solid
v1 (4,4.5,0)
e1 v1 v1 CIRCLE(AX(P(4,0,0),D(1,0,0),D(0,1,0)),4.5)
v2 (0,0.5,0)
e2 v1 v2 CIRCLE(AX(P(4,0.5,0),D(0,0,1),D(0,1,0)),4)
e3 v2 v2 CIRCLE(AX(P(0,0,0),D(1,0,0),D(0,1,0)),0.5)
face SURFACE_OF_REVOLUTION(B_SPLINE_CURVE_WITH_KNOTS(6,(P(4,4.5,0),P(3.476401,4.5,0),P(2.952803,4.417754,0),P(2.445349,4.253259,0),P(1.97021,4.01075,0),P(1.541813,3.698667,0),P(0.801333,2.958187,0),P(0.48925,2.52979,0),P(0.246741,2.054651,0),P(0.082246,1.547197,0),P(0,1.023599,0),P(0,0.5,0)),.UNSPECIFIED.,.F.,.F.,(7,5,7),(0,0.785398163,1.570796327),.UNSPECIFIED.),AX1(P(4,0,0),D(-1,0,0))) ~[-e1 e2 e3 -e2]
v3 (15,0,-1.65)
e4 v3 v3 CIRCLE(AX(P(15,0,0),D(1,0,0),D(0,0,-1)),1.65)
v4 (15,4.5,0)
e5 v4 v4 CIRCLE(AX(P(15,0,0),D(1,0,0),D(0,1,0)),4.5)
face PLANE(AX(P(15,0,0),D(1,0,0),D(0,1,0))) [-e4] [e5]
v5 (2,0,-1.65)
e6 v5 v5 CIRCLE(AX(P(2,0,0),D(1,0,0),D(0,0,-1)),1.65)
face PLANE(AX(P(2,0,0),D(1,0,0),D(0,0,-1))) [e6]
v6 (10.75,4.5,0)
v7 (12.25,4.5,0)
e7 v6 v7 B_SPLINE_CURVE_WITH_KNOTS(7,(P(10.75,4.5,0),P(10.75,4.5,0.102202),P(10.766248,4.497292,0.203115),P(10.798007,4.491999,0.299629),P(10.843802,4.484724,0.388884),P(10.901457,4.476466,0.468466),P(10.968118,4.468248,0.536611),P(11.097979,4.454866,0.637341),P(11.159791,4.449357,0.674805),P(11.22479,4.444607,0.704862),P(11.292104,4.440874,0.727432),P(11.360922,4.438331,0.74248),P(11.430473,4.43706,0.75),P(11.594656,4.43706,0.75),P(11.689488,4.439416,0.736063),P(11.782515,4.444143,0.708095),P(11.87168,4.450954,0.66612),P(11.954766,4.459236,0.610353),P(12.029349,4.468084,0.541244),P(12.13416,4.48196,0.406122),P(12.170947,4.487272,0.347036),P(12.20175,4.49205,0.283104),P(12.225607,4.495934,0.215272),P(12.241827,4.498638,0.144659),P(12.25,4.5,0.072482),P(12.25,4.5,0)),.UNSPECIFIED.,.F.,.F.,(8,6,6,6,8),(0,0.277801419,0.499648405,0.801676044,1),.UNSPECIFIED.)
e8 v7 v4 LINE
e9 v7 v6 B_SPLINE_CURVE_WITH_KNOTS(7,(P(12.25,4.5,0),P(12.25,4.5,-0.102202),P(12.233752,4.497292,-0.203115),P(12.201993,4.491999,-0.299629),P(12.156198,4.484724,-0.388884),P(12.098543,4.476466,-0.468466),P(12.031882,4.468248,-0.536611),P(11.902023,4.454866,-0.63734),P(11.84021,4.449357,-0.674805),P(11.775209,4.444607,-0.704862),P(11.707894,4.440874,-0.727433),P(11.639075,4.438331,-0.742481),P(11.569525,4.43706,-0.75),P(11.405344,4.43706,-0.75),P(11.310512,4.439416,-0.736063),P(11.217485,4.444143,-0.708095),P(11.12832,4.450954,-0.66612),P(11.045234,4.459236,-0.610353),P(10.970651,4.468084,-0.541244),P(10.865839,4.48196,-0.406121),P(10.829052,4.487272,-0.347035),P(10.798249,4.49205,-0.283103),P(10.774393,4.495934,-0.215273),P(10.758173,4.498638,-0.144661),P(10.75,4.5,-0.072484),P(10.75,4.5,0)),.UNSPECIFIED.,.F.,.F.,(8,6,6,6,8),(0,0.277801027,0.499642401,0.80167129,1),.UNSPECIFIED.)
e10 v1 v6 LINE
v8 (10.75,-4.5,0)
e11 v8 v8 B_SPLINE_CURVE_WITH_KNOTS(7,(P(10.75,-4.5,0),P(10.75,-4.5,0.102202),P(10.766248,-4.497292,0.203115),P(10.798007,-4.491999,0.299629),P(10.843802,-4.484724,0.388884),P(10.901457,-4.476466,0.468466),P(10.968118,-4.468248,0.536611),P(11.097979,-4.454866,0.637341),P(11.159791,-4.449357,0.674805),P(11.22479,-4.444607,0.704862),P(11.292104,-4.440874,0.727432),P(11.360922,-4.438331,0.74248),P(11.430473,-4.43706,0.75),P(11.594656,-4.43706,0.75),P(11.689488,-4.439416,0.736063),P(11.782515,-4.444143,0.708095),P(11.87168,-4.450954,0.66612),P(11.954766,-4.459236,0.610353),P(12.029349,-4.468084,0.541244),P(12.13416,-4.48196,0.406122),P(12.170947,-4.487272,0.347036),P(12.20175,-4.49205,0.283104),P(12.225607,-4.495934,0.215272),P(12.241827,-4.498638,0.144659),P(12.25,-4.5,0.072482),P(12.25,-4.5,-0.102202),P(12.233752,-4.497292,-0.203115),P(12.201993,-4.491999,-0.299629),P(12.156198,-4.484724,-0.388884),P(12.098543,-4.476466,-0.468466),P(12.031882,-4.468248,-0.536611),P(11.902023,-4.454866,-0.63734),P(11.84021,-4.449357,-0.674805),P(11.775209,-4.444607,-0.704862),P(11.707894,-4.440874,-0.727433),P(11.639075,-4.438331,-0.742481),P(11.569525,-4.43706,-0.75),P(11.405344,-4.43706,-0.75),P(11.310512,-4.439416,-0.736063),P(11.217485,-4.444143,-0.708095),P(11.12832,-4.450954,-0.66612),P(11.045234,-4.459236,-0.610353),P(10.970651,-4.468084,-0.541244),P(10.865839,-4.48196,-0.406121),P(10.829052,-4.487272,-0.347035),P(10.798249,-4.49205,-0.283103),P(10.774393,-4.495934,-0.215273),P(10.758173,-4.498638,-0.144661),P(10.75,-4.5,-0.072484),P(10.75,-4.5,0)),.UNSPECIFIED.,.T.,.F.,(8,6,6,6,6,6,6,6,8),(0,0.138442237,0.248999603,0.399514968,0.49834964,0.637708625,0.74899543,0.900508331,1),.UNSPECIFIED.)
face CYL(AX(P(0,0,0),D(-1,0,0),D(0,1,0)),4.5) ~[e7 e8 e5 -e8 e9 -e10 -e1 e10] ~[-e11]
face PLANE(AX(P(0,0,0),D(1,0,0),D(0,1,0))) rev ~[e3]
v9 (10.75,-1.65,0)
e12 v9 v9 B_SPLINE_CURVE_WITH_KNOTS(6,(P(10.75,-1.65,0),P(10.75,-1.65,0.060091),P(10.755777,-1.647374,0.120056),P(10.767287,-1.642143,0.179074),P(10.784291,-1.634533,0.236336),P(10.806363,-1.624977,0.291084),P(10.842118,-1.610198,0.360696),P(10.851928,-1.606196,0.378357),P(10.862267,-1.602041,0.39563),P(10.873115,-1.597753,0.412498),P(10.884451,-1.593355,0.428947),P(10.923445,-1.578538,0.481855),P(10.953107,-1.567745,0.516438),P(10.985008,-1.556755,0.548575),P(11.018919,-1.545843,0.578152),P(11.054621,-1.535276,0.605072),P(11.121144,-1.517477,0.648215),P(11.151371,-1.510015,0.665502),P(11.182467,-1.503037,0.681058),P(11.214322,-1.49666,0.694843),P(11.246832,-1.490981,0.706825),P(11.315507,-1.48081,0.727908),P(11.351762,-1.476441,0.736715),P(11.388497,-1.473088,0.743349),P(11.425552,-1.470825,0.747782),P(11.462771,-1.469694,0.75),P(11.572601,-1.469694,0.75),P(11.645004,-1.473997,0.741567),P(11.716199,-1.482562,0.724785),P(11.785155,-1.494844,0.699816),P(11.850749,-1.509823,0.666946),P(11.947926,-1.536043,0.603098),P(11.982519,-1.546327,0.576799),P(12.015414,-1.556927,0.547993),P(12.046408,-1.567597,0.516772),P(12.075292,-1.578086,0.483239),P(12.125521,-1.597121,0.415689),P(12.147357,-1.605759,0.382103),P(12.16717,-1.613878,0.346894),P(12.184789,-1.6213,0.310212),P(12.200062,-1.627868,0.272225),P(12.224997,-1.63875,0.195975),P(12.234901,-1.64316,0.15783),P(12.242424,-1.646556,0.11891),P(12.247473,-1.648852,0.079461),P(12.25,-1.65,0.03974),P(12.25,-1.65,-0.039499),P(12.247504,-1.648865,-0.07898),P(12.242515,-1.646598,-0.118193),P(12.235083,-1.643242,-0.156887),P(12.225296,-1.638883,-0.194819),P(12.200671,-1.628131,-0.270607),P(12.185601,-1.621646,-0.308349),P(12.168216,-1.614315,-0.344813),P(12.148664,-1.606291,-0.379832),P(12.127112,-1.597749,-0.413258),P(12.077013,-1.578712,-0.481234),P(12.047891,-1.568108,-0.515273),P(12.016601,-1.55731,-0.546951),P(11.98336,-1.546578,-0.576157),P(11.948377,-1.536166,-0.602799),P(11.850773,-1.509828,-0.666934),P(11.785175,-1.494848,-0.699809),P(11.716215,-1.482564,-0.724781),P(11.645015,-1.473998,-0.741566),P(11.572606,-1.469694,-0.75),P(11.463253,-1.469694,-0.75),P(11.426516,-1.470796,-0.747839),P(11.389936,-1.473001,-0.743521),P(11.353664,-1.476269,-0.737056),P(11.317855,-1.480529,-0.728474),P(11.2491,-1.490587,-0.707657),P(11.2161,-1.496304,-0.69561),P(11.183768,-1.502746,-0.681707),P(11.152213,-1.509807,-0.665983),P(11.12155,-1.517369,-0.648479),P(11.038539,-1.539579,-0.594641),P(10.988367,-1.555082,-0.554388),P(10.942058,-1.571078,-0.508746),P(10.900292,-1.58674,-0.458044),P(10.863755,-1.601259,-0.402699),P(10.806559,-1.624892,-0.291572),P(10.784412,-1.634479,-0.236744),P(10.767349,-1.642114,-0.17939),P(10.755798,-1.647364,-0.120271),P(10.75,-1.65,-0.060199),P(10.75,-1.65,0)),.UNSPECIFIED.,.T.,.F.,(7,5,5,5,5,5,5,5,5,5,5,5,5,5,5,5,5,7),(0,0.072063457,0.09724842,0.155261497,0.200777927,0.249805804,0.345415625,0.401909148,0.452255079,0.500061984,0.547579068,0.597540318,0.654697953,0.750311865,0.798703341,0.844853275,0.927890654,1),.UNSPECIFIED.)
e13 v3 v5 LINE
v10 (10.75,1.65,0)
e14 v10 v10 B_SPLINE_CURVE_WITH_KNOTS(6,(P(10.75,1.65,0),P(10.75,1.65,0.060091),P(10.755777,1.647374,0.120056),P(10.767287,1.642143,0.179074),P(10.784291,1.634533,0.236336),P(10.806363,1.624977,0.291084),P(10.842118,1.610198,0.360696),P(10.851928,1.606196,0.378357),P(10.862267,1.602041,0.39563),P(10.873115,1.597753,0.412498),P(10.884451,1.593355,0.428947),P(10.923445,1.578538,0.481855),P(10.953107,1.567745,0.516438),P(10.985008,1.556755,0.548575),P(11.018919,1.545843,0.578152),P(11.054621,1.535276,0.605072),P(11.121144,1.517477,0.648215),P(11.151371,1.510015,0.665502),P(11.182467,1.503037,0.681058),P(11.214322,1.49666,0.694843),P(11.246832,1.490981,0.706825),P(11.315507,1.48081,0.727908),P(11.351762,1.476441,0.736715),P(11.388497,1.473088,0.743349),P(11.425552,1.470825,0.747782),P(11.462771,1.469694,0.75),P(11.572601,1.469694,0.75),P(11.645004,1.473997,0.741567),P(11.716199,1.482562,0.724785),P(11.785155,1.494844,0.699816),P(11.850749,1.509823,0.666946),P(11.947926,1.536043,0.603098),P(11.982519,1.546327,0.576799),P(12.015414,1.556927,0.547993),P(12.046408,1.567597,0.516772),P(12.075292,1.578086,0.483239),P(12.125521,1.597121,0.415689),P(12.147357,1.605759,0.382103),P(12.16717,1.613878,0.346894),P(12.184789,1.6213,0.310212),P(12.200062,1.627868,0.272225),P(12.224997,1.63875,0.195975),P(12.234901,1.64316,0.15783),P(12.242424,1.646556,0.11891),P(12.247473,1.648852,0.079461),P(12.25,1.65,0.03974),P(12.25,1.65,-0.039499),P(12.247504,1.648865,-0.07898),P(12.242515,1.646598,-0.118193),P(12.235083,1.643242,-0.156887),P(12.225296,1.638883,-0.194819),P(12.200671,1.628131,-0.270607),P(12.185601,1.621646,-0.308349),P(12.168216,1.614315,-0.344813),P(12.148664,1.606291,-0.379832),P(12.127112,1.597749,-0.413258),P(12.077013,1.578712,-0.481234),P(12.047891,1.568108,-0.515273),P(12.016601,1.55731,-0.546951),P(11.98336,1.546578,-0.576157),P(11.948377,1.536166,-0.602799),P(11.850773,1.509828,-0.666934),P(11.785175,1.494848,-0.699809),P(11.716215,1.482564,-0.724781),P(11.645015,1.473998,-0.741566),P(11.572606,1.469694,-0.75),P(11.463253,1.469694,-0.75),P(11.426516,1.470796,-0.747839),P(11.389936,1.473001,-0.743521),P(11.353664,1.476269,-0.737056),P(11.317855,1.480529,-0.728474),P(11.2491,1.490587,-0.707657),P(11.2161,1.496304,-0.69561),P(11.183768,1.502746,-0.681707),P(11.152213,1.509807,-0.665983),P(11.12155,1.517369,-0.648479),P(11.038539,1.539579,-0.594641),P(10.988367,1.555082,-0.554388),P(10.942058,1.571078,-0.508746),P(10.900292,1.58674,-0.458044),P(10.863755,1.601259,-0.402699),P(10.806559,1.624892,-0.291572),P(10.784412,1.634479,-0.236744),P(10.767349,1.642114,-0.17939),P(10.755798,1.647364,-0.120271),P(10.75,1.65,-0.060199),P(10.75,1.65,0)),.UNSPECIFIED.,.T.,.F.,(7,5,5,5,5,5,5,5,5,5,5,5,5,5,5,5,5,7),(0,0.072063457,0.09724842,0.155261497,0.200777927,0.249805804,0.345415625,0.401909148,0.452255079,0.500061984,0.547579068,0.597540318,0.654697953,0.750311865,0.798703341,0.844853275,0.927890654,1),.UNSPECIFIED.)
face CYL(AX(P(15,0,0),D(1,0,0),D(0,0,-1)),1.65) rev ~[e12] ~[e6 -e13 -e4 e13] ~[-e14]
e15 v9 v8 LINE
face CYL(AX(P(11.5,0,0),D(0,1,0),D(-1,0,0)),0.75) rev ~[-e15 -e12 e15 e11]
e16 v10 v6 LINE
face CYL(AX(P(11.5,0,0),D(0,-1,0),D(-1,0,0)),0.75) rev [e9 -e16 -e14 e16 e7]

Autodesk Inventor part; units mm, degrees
ref_plane "YZ Plane" through (0, 0, 0) normal (1, 0, 0) x (0, 1, 0)
ref_plane "XZ Plane" through (0, 0, 0) normal (0, 1, 0) x (-1, 0, 0)
ref_plane "XY Plane" through (0, 0, 0) normal (0, 0, 1) x (1, 0, 0)
sketch "スケッチ1" plane through (0, 0, 0) normal (1, 0, 0) x (0, 1, 0)
  circle A0 centre (0, 0) radius 4.5
  dimension "d0" = 9
extrude "押し出し1" add sketch "スケッチ1" along normal blind 15
sketch "スケッチ2" plane through (15, 0, 0) normal (1, 0, 0) x (0, 0, -1)
  circle A0 centre (0, 0) radius 4.5 projected
  circle A1 centre (0, 0) radius 1.65
  dimension "d3" = 3.3
extrude "押し出し2" cut sketch "スケッチ2" against normal blind 13 contours A1
fillet "フィレット1" radius 4 1 edges at (0, -4.5, 0)
sketch "スケッチ3" plane through (0, 0, 0) normal (0, 1, 0) x (-1, 0, 0)
  circle A0 centre (-11.5, 0) radius 0.75
  line L0 (-15, 4.5) -> (-15, -4.5) projected
  point P0 (0, 0)
  point P1 (-5, -5)
  point P2 (-5, 5)
  dimension "d7" = 1.5
  dimension "d8" = 3.5
  dimension "d9" = 0
extrude "押し出し3" cut sketch "スケッチ3" along normal mid plane 13
properties part number "motor-stick-cap"
